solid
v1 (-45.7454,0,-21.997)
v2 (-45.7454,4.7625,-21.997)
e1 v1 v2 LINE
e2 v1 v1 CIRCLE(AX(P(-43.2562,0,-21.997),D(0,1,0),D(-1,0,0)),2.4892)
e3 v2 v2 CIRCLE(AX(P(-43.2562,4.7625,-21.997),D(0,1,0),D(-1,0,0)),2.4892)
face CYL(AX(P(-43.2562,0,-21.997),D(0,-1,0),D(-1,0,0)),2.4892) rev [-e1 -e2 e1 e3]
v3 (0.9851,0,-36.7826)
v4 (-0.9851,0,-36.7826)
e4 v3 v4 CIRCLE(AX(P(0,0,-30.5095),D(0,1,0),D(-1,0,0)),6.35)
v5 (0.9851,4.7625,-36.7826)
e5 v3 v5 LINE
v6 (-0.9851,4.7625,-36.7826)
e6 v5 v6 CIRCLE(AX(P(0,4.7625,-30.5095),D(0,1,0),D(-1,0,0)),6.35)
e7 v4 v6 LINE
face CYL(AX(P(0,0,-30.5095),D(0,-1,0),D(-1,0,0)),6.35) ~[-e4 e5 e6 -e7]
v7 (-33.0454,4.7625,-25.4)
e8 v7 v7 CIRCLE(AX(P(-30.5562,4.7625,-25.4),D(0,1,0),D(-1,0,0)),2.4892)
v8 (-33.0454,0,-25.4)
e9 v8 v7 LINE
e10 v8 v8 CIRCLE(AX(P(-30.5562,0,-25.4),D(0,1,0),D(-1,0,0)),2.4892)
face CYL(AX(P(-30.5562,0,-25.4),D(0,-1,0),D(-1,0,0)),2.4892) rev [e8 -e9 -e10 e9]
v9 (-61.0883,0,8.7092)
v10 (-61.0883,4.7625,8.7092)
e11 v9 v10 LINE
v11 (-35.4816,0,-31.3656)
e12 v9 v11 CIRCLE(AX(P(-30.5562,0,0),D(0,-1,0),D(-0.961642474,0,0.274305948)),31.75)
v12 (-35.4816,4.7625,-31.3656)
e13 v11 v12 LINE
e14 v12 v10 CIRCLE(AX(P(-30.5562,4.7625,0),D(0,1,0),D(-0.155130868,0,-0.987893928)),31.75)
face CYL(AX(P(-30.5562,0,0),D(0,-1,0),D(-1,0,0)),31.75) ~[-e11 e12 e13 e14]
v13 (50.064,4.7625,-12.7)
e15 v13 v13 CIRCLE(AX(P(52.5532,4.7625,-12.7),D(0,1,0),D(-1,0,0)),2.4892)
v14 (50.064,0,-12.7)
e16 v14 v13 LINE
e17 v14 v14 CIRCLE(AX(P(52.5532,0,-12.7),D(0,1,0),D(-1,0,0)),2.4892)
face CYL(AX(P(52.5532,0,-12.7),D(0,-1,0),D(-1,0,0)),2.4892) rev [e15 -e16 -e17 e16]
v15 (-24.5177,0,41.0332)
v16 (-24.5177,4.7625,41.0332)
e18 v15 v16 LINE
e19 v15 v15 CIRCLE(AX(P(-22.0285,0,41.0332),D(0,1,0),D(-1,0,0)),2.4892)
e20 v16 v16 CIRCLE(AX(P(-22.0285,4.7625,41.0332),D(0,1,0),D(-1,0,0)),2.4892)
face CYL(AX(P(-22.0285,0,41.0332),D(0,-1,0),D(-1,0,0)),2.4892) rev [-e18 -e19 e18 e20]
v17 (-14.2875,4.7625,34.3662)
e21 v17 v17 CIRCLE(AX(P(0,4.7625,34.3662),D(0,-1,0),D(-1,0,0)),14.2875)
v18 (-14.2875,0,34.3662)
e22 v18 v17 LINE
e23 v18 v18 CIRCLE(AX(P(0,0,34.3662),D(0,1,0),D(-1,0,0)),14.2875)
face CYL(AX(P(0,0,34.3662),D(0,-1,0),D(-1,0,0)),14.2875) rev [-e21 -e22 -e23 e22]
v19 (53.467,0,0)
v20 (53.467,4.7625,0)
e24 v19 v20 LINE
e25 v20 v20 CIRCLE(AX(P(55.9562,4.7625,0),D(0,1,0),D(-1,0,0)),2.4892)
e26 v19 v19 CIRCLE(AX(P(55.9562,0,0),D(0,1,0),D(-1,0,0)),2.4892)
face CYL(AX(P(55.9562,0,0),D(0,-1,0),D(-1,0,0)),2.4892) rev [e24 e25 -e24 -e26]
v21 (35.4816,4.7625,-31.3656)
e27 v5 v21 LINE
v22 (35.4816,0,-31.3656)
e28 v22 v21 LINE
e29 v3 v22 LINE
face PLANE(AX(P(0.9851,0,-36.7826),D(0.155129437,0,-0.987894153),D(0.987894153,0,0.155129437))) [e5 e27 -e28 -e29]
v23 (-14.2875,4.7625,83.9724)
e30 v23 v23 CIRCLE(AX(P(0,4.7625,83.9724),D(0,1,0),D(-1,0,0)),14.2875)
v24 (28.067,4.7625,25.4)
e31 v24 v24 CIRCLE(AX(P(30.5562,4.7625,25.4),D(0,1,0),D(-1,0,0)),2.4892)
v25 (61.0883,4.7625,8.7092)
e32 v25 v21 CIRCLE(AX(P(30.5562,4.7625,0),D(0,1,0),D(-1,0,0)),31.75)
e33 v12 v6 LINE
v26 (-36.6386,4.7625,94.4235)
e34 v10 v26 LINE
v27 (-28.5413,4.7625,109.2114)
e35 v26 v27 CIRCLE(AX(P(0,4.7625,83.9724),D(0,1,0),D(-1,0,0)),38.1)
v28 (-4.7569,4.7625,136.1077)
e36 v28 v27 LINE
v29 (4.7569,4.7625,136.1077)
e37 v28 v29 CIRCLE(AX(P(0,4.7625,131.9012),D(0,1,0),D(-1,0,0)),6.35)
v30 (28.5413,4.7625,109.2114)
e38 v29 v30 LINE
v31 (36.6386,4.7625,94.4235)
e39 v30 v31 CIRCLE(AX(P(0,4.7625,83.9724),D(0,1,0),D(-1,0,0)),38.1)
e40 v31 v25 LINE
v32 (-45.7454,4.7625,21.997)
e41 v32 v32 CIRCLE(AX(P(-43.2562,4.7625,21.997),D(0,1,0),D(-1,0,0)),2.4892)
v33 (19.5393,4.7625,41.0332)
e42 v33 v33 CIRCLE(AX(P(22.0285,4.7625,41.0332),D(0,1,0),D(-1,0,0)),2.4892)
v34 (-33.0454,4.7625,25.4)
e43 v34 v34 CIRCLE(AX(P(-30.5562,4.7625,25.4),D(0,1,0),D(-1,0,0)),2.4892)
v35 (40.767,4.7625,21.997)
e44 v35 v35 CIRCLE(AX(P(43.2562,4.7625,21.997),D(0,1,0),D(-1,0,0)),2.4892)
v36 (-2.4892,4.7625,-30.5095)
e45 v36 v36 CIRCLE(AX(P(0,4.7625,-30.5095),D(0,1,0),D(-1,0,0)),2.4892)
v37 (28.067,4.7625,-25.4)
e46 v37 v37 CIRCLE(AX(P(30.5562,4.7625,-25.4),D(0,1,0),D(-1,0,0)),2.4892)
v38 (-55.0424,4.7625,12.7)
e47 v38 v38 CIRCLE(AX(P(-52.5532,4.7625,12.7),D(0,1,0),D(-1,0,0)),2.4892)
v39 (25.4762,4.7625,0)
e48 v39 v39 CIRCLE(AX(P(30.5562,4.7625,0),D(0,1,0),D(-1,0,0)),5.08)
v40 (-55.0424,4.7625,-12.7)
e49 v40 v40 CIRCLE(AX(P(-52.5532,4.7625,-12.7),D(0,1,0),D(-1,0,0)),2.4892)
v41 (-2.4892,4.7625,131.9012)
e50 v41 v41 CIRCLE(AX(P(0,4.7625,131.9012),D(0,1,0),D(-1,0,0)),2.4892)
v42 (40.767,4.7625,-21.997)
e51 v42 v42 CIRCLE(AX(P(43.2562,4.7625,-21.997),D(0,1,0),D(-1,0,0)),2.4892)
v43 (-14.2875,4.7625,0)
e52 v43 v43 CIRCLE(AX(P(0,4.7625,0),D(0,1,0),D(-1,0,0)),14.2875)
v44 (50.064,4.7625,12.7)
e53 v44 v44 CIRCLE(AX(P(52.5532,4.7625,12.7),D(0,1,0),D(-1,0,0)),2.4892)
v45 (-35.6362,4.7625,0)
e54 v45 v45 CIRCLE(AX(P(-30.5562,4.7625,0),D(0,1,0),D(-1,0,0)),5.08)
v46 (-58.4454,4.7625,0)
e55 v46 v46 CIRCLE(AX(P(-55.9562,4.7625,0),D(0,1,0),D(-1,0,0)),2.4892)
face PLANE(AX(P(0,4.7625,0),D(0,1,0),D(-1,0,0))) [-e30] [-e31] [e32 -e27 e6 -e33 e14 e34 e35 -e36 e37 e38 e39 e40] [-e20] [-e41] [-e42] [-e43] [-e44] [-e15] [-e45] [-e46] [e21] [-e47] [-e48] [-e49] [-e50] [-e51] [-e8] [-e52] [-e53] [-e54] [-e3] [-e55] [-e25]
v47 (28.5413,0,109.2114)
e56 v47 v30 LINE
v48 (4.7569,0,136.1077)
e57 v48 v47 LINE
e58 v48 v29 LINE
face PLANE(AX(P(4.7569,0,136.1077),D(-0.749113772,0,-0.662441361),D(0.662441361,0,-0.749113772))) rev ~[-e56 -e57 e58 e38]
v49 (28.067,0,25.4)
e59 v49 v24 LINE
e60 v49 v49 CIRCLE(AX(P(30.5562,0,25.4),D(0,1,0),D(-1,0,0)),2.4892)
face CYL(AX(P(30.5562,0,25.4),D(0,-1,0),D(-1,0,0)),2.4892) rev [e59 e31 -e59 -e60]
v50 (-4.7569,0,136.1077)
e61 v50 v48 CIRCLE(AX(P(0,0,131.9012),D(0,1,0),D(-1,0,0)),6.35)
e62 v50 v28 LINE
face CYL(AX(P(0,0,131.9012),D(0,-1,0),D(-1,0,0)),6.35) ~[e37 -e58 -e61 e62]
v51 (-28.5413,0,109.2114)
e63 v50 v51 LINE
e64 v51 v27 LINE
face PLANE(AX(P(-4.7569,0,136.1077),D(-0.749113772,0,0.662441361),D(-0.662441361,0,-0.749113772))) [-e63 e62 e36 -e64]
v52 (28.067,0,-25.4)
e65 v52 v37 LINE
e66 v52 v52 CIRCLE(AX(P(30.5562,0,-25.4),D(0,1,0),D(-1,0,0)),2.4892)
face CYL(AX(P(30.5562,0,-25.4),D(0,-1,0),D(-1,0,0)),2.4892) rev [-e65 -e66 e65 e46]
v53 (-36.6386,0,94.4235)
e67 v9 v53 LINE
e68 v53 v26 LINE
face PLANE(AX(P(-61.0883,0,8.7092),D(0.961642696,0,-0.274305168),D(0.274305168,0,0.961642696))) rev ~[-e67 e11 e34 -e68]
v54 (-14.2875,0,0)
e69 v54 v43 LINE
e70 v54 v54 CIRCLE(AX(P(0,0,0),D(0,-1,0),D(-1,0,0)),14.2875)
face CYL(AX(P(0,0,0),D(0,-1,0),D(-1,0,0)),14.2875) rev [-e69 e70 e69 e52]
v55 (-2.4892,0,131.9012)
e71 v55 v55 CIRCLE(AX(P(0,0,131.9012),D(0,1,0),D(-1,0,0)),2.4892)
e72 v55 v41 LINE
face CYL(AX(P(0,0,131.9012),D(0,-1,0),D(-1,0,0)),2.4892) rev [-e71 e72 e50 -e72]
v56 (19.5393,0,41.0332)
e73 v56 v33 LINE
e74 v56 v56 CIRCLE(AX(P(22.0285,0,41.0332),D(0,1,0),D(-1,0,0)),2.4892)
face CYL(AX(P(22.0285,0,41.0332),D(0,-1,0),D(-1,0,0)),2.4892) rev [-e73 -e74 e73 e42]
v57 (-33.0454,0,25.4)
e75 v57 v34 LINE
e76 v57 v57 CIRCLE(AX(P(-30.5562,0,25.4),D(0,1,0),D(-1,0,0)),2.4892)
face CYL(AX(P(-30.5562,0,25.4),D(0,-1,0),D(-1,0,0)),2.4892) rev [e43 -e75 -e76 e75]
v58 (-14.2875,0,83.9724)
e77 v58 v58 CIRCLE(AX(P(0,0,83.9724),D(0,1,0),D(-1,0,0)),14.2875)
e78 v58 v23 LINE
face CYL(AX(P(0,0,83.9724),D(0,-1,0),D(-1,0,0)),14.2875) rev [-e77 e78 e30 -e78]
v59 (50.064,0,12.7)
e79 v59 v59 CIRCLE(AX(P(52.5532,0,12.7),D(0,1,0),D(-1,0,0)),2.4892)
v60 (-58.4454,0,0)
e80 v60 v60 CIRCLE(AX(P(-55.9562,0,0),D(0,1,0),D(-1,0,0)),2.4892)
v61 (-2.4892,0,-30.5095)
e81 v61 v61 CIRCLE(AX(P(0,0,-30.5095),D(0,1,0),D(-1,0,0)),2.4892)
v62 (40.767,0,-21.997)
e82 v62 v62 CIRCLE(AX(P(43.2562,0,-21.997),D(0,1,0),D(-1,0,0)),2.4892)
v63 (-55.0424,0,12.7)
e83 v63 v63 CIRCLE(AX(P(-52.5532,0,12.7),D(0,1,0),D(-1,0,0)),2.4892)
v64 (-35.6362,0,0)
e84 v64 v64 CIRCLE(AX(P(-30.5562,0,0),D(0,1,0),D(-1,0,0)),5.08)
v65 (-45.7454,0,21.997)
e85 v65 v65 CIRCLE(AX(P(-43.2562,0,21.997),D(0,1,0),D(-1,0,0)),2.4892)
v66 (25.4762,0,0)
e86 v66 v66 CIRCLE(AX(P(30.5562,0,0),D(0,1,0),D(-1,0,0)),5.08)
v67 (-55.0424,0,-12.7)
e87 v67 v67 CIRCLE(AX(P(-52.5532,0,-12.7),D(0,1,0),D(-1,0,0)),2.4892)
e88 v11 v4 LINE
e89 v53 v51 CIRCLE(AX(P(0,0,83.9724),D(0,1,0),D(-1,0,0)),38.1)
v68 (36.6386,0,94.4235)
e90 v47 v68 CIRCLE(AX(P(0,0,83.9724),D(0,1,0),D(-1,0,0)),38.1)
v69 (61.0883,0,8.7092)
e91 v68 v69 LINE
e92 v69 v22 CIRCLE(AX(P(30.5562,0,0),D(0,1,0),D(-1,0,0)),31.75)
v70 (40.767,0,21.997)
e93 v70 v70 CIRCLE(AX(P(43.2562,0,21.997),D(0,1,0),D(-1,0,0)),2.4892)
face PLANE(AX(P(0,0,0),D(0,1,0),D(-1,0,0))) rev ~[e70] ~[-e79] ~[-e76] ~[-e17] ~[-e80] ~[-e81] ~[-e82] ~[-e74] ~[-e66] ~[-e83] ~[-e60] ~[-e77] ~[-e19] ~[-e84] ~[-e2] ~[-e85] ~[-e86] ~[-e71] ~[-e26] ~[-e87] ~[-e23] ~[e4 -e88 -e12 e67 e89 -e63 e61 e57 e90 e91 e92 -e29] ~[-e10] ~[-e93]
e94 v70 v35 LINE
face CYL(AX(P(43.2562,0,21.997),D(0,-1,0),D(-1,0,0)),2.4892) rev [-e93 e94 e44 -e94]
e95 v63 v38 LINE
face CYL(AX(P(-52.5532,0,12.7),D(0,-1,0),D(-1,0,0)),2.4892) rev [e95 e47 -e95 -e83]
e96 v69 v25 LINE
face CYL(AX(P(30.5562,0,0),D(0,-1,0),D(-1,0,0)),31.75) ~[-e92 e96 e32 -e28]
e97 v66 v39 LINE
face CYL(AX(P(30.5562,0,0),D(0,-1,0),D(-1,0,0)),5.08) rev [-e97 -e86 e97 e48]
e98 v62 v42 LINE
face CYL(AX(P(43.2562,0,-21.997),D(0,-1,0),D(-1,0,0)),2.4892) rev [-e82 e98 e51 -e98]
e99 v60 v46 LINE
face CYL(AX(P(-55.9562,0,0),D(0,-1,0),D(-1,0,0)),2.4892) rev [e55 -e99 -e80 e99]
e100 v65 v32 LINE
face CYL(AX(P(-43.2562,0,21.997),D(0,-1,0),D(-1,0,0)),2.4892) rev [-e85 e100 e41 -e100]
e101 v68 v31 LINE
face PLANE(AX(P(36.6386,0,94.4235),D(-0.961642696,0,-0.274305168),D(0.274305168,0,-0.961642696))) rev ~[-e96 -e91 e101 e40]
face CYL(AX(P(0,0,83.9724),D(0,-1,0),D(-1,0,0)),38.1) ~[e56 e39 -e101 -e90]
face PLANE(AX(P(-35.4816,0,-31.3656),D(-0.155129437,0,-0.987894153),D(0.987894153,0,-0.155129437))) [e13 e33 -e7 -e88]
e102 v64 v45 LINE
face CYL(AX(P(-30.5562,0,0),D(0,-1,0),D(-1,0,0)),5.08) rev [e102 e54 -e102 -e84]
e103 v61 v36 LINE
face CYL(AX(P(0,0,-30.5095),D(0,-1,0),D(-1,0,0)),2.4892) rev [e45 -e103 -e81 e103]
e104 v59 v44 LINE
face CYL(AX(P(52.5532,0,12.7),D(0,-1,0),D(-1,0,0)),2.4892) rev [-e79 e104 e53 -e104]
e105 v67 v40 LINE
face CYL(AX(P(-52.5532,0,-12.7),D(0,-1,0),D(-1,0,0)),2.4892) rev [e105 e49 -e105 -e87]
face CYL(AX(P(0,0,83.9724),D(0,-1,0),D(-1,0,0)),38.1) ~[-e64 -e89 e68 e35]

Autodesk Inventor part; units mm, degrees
ref_plane "YZ Plane" through (0, 0, 0) normal (1, 0, 0) x (0, 1, 0)
ref_plane "XZ Plane" through (0, 0, 0) normal (0, 1, 0) x (-1, 0, 0)
ref_plane "XY Plane" through (0, 0, 0) normal (0, 0, 1) x (1, 0, 0)
sketch "Sketch3" plane through (0, 0, 0) normal (0, 1, 0) x (-1, 0, 0)
  circle A0 centre (0, 0) radius 22.86 construction
  circle A1 centre (30.5562, 0) radius 5.08
  circle A2 centre (-30.5562, 0) radius 5.08
  circle A3 centre (30.5562, 0) radius 8.89 construction
  circle A4 centre (-30.5562, 0) radius 8.89 construction
  circle A5 centre (0, 0) radius 14.2875
  circle A6 centre (-30.5562, 0) radius 31.75
  circle A7 centre (30.5562, 0) radius 31.75
  circle A8 centre (30.5562, -25.4) radius 2.4892
  circle A9 centre (-30.5562, -25.4) radius 2.4892
  circle A10 centre (0, 34.3662) radius 11.43 construction
  circle A11 centre (0, 34.3662) radius 14.2875
  circle A12 centre (0, 83.9724) radius 38.1
  circle A13 centre (0, 83.9724) radius 14.2875
  circle A14 centre (22.0285, 41.0332) radius 6.35 construction
  circle A15 centre (22.0285, 41.0332) radius 2.4892
  line L0 (23.3206, 34.8161) -> (24.0958, 31.0858) construction
  line L1 (19.13, 46.6831) -> (17.3909, 50.0731) construction
  circle A16 centre (-22.0285, 41.0332) radius 6.35 construction
  circle A17 centre (-22.0285, 41.0332) radius 2.4892
  line L2 (-23.3206, 34.8161) -> (-24.0958, 31.0858) construction
  line L3 (-19.13, 46.6831) -> (-17.3909, 50.0731) construction
  circle A18 centre (0, 131.9012) radius 6.35
  circle A19 centre (0, 131.9012) radius 2.4892
  line L4 (1.4331, 125.715) -> (2.2929, 122.0033) construction
  line L5 (-1.4331, 125.715) -> (-2.2929, 122.0033) construction
  circle A20 centre (0, -30.5095) radius 2.4892
  circle A21 centre (0, -30.5095) radius 6.35
  line L6 (4.4867, -26.016) -> (8.0761, -22.4211) construction
  line L7 (-8.0884, -22.4335) -> (-4.4935, -26.0228) construction
  line L8 (4.7569, 136.1077) -> (28.5413, 109.2114)
  line L9 (-4.7569, 136.1077) -> (-28.5413, 109.2114)
  line L10 (-36.6386, 94.4235) -> (-61.0883, 8.7092)
  line L11 (35.4816, -31.3656) -> (0.9851, -36.7826)
  line L12 (-0.9851, -36.7826) -> (-35.4816, -31.3656)
  line L13 (61.0883, 8.7092) -> (36.6386, 94.4235)
  circle A22 centre (43.2562, -21.997) radius 2.4892
  circle A23 centre (52.5532, -12.7) radius 2.4892
  circle A24 centre (55.9562, 0) radius 2.4892
  circle A25 centre (52.5532, 12.7) radius 2.4892
  circle A26 centre (43.2562, 21.997) radius 2.4892
  circle A27 centre (30.5562, 25.4) radius 2.4892
  circle A28 centre (-43.2562, -21.997) radius 2.4892
  circle A29 centre (-52.5532, -12.7) radius 2.4892
  circle A30 centre (-55.9562, 0) radius 2.4892
  circle A31 centre (-52.5532, 12.7) radius 2.4892
  circle A32 centre (-43.2562, 21.997) radius 2.4892
  circle A33 centre (-30.5562, 25.4) radius 2.4892
  dimension "d159" = 76.2
  dimension "d137" = 45.72
  dimension "d138" = 10.16
  dimension "d140" = 17.78
  dimension "d141" = 28.575
  dimension "d142" = 30.5562
  dimension "d143" = 30.5562
  dimension "d144" = 63.5
  dimension "d145" = 63.5
  dimension "d146" = 4.9784
  dimension "d147" = 25.4
  dimension "d156" = 22.86
  dimension "d158" = 34.3662
  dimension "d160" = 49.6062
  dimension "d161" = 28.575
  dimension "d162" = 12.7
  dimension "d163" = 4.9784
  dimension "d166" = 3.81
  dimension "d167" = 5.08
  dimension "d172" = 180
  dimension "d176" = 180
extrude "Extrusion2" add sketch "Sketch3" along normal blind 4.7625 contours A5 A7 A11 | A5 A6 A11 A7 | A7 L11 A21 L12 A6 A5 | A5 A6 A11 | A11 A12 L13 A7 | A21 | A6 L10 A12 A11 | A12 A11 | A12 L9 A18 L8 | A18 picked at (-8.1813, 55.8072)
properties part number "Gearbox4_001_Plate"
